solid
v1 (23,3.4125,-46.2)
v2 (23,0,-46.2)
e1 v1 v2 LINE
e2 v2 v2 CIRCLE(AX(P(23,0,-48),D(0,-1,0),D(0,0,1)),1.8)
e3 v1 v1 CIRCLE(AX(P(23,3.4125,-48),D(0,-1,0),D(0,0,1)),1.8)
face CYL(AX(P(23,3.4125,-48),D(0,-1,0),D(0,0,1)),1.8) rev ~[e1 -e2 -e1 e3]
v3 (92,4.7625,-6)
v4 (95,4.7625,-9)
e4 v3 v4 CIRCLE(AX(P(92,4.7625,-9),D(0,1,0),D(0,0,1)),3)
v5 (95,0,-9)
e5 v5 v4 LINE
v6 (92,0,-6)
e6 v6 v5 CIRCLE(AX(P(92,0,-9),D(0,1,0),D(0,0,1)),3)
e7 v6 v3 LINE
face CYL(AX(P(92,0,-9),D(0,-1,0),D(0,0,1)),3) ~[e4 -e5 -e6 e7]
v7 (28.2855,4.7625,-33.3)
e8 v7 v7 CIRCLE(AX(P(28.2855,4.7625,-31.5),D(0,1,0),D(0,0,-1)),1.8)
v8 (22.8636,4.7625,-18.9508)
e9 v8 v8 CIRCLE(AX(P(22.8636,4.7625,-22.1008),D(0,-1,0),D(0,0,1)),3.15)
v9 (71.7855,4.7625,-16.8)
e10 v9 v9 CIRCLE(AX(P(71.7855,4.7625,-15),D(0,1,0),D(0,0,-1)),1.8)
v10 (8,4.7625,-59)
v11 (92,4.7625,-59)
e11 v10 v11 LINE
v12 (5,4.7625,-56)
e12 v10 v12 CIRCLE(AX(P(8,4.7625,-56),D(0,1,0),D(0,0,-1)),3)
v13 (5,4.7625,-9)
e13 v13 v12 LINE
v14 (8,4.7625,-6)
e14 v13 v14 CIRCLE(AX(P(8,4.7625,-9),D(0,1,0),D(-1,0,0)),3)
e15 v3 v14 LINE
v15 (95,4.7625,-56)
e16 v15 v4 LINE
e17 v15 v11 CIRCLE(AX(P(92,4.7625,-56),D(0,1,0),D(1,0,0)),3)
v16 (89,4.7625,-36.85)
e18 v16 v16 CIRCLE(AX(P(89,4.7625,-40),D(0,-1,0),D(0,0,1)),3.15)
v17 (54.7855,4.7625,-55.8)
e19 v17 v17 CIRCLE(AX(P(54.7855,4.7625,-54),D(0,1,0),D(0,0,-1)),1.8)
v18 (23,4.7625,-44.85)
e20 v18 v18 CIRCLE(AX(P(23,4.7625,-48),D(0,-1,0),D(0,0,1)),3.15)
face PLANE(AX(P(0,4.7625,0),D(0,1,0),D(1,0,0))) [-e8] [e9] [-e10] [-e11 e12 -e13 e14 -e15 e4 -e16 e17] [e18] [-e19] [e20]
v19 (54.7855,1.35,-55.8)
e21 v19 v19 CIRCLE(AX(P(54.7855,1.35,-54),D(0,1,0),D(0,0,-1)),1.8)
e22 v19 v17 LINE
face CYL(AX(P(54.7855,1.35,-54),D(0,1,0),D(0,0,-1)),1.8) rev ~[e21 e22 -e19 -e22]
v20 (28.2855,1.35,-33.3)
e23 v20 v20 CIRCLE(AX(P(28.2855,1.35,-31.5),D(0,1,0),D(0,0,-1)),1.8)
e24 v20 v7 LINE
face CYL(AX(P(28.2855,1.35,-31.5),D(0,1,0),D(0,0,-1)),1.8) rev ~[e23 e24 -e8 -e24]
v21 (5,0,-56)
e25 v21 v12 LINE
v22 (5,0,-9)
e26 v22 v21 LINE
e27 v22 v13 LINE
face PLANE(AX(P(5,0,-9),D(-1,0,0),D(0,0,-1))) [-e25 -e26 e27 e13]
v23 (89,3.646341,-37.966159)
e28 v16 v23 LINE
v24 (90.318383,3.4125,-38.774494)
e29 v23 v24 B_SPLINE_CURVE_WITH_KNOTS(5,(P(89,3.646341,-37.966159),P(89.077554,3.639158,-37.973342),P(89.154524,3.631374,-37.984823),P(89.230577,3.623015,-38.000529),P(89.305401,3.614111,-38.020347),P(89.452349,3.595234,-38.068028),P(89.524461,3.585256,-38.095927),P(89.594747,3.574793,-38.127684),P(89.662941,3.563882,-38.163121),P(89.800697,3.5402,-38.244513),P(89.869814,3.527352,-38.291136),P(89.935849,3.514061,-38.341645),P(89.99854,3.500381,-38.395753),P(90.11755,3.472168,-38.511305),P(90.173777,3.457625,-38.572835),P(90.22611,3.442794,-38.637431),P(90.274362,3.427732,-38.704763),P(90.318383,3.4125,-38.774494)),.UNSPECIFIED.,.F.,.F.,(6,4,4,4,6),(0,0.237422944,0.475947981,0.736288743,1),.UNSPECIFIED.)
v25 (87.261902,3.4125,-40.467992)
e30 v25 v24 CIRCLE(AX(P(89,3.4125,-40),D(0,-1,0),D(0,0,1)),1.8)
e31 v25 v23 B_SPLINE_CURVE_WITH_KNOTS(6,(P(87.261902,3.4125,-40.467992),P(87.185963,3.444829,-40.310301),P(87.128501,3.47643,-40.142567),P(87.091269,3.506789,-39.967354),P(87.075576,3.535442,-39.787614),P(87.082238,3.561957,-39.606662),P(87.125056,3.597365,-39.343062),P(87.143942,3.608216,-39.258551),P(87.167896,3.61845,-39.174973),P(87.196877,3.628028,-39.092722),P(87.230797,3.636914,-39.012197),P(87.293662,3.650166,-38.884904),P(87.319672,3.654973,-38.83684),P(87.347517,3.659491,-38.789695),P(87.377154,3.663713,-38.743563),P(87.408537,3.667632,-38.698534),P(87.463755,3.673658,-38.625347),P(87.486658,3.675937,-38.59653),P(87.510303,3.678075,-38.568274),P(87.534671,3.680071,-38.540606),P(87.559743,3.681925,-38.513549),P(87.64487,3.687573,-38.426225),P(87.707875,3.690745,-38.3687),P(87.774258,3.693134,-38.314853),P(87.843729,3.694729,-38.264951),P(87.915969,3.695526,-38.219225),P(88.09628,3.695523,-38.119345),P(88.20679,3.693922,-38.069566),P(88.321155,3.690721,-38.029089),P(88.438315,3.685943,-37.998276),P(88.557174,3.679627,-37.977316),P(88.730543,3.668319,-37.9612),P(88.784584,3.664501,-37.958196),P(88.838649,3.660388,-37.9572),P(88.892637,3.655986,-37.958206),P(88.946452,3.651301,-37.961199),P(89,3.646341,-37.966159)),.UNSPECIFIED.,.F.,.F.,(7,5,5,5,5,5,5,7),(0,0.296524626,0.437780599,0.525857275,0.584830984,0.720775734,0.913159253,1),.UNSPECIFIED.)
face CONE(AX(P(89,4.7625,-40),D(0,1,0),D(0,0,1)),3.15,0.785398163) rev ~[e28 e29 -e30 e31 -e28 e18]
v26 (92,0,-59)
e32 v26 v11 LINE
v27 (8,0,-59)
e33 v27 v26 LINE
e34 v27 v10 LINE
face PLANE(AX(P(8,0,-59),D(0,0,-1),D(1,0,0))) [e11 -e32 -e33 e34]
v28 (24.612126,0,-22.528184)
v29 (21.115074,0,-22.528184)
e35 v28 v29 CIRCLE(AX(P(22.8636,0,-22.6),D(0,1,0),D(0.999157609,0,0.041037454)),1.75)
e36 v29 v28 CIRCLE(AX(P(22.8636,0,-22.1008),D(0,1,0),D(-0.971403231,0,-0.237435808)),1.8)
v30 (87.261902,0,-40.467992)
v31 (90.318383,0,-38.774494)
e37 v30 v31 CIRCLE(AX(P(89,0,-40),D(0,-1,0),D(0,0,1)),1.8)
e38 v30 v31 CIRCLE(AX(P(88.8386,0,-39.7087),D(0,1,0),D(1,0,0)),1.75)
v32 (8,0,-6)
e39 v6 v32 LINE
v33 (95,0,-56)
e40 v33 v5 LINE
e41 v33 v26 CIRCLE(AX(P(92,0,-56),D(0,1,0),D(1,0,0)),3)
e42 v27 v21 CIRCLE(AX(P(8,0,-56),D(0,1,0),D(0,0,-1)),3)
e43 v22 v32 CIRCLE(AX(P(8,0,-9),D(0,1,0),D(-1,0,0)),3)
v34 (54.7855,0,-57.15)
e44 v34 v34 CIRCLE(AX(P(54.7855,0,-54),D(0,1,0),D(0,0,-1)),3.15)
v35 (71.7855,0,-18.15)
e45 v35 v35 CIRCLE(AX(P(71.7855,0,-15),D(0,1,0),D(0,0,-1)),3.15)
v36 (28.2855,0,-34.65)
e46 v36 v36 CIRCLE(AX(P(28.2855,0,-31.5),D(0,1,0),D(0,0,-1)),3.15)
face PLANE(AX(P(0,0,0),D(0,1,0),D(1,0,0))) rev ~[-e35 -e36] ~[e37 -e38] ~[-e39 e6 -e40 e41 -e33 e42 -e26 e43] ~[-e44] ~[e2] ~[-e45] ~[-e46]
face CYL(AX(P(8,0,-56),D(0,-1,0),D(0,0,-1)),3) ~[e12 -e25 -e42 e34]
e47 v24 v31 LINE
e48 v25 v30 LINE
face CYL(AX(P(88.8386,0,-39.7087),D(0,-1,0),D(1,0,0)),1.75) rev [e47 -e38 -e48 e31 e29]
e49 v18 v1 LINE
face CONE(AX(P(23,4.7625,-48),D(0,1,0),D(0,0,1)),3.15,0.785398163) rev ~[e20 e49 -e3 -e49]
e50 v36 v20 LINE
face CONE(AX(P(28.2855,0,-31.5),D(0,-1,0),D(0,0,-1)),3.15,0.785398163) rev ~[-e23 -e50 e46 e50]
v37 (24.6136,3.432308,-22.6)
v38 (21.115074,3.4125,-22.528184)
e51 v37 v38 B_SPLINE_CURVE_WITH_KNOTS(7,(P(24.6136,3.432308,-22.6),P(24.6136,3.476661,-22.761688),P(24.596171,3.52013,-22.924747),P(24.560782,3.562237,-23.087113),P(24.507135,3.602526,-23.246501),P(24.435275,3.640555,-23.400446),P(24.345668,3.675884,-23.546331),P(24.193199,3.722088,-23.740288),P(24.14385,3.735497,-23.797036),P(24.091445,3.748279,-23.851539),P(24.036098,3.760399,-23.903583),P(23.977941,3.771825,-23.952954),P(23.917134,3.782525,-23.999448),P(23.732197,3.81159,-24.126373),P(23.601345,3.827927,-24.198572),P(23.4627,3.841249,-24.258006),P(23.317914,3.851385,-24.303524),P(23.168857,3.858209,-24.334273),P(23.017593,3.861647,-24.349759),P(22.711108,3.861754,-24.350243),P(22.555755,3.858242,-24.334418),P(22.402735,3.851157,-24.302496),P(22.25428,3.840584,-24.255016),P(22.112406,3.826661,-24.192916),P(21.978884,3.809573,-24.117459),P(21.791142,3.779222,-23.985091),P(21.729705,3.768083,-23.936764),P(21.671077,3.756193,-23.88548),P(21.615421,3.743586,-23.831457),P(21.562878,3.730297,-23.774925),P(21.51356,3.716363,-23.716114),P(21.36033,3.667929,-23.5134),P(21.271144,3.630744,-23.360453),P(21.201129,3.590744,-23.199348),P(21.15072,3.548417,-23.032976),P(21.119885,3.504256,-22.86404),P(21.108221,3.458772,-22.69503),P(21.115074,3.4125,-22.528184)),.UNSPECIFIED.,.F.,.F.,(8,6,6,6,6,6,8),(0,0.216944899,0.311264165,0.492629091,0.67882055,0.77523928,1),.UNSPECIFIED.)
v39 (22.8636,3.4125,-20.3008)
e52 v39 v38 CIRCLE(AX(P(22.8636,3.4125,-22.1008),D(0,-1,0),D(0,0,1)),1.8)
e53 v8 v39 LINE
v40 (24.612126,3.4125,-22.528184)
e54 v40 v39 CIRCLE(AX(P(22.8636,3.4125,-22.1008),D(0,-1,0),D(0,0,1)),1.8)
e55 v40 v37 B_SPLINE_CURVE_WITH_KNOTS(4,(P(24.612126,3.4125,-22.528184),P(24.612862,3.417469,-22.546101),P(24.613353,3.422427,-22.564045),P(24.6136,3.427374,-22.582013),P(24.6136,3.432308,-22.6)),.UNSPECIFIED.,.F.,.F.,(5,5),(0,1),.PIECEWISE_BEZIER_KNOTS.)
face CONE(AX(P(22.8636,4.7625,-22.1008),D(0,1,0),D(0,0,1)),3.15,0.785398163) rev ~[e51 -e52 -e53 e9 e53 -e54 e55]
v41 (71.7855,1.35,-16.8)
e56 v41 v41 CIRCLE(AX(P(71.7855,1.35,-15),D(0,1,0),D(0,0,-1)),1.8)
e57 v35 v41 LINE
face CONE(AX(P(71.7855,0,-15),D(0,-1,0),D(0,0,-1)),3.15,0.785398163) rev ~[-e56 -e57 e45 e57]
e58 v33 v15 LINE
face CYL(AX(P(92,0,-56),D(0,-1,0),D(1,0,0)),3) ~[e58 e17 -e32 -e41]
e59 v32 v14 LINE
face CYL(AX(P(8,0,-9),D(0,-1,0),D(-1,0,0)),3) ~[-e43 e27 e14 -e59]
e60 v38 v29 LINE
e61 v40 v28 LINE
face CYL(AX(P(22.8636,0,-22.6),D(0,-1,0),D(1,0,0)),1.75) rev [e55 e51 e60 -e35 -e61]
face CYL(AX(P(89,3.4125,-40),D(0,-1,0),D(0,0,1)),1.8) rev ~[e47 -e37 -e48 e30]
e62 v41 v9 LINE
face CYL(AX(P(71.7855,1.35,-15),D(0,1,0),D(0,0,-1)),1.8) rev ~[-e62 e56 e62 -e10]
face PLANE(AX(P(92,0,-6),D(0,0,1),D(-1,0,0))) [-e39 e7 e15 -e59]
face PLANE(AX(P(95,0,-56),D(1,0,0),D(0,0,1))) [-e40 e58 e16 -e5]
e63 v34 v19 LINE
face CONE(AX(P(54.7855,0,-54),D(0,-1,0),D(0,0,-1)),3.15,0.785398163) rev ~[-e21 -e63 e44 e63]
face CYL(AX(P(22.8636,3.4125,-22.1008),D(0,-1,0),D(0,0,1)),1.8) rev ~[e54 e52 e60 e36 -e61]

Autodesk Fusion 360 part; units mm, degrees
sketch "Sketch1" plane through (0, 0, 0) normal (0, 1, 0) x (1, 0, 0)
  line L0 (8, 59) -> (92, 59)
  line L1 (95, 56) -> (95, 9)
  line L2 (92, 6) -> (8, 6)
  line L3 (5, 9) -> (5, 56)
  arc A0 (8, 59) -> (5, 56) centre (8, 56) ccw
  arc A1 (95, 56) -> (92, 59) centre (92, 56) ccw
  arc A2 (5, 9) -> (8, 6) centre (8, 9) ccw
  arc A3 (92, 6) -> (95, 9) centre (92, 9) ccw
  circle A4 centre (23, 48) radius 1.75
  circle A5 centre (22.8636, 22.6) radius 1.75
  circle A6 centre (88.8386, 39.7087) radius 1.75
  line L4 (81.7855, 13) -> (25.7855, 13) construction
  line L5 (25.7855, 13) -> (25.7855, 57) construction
  line L6 (25.7855, 57) -> (81.7855, 57) construction
  line L7 (81.7855, 57) -> (81.7855, 13) construction
  line L8 (81.7855, 13) -> (25.7855, 57) construction
  line L9 (25.7855, 13) -> (81.7855, 57) construction
  circle A7 centre (54.7855, 54) radius 1.75
  circle A8 centre (28.2855, 31.5) radius 1.75
  circle A9 centre (71.7855, 15) radius 1.75
  line L10 (23, 48) -> (22.8636, 22.6) construction
  line L11 (88.8386, 39.7087) -> (22.9574, 40.0625) construction
  point P0 (5, 59)
  point P1 (95, 59)
  point P2 (5, 6)
  point P3 (53.7855, 35)
  dimension "d1" = 90
  dimension "d2" = 53
  dimension "d3" = 3
  dimension "d4" = 3
  dimension "d5" = 3
  dimension "d6" = 3
  dimension "d11" = 3.5
  dimension "d12" = 18
  dimension "d13" = 11
  dimension "d14" = 3.5
  dimension "d15" = 3.5
  dimension "d55" = 56
  dimension "d56" = 44
  dimension "d57" = 3.5
  dimension "d58" = 29
  dimension "d59" = 3
  dimension "d60" = 3.5
  dimension "d61" = 18.5
  dimension "d62" = 2.5
  dimension "d63" = 3.5
  dimension "d64" = 10
  dimension "d65" = 2
  dimension "d66" = 2
  dimension "d99" = 25.4
  dimension "d102" = 7.9375
  dimension "d103" = 65.8813
extrude "Extrude2" add sketch "Sketch1" along normal blind 4.7625
hole "Hole4" at (22.8636, 4.7625, -22.1008) direction (0, -1, 0) diameter 3.6 depth 26.4 tip angle 118 countersink diameter 6.3 countersink angle 90
hole "Hole5" at (23, 4.7625, -48) direction (0, -1, 0) diameter 3.6 depth 26.4 tip angle 118 countersink diameter 6.3 countersink angle 90
hole "Hole6" at (89, 4.7625, -40) direction (0, -1, 0) diameter 3.6 depth 26.4 tip angle 118 countersink diameter 6.3 countersink angle 90
hole "Hole7" at (54.7855, 0, -54) direction (0, 1, 0) diameter 3.6 depth 26.4 tip angle 118 countersink diameter 6.3 countersink angle 90
hole "Hole8" at (28.2855, 0, -31.5) direction (0, 1, 0) diameter 3.6 depth 26.4 tip angle 118 countersink diameter 6.3 countersink angle 90
hole "Hole9" at (71.7855, 0, -15) direction (0, 1, 0) diameter 3.6 depth 26.4 tip angle 118 countersink diameter 6.3 countersink angle 90
